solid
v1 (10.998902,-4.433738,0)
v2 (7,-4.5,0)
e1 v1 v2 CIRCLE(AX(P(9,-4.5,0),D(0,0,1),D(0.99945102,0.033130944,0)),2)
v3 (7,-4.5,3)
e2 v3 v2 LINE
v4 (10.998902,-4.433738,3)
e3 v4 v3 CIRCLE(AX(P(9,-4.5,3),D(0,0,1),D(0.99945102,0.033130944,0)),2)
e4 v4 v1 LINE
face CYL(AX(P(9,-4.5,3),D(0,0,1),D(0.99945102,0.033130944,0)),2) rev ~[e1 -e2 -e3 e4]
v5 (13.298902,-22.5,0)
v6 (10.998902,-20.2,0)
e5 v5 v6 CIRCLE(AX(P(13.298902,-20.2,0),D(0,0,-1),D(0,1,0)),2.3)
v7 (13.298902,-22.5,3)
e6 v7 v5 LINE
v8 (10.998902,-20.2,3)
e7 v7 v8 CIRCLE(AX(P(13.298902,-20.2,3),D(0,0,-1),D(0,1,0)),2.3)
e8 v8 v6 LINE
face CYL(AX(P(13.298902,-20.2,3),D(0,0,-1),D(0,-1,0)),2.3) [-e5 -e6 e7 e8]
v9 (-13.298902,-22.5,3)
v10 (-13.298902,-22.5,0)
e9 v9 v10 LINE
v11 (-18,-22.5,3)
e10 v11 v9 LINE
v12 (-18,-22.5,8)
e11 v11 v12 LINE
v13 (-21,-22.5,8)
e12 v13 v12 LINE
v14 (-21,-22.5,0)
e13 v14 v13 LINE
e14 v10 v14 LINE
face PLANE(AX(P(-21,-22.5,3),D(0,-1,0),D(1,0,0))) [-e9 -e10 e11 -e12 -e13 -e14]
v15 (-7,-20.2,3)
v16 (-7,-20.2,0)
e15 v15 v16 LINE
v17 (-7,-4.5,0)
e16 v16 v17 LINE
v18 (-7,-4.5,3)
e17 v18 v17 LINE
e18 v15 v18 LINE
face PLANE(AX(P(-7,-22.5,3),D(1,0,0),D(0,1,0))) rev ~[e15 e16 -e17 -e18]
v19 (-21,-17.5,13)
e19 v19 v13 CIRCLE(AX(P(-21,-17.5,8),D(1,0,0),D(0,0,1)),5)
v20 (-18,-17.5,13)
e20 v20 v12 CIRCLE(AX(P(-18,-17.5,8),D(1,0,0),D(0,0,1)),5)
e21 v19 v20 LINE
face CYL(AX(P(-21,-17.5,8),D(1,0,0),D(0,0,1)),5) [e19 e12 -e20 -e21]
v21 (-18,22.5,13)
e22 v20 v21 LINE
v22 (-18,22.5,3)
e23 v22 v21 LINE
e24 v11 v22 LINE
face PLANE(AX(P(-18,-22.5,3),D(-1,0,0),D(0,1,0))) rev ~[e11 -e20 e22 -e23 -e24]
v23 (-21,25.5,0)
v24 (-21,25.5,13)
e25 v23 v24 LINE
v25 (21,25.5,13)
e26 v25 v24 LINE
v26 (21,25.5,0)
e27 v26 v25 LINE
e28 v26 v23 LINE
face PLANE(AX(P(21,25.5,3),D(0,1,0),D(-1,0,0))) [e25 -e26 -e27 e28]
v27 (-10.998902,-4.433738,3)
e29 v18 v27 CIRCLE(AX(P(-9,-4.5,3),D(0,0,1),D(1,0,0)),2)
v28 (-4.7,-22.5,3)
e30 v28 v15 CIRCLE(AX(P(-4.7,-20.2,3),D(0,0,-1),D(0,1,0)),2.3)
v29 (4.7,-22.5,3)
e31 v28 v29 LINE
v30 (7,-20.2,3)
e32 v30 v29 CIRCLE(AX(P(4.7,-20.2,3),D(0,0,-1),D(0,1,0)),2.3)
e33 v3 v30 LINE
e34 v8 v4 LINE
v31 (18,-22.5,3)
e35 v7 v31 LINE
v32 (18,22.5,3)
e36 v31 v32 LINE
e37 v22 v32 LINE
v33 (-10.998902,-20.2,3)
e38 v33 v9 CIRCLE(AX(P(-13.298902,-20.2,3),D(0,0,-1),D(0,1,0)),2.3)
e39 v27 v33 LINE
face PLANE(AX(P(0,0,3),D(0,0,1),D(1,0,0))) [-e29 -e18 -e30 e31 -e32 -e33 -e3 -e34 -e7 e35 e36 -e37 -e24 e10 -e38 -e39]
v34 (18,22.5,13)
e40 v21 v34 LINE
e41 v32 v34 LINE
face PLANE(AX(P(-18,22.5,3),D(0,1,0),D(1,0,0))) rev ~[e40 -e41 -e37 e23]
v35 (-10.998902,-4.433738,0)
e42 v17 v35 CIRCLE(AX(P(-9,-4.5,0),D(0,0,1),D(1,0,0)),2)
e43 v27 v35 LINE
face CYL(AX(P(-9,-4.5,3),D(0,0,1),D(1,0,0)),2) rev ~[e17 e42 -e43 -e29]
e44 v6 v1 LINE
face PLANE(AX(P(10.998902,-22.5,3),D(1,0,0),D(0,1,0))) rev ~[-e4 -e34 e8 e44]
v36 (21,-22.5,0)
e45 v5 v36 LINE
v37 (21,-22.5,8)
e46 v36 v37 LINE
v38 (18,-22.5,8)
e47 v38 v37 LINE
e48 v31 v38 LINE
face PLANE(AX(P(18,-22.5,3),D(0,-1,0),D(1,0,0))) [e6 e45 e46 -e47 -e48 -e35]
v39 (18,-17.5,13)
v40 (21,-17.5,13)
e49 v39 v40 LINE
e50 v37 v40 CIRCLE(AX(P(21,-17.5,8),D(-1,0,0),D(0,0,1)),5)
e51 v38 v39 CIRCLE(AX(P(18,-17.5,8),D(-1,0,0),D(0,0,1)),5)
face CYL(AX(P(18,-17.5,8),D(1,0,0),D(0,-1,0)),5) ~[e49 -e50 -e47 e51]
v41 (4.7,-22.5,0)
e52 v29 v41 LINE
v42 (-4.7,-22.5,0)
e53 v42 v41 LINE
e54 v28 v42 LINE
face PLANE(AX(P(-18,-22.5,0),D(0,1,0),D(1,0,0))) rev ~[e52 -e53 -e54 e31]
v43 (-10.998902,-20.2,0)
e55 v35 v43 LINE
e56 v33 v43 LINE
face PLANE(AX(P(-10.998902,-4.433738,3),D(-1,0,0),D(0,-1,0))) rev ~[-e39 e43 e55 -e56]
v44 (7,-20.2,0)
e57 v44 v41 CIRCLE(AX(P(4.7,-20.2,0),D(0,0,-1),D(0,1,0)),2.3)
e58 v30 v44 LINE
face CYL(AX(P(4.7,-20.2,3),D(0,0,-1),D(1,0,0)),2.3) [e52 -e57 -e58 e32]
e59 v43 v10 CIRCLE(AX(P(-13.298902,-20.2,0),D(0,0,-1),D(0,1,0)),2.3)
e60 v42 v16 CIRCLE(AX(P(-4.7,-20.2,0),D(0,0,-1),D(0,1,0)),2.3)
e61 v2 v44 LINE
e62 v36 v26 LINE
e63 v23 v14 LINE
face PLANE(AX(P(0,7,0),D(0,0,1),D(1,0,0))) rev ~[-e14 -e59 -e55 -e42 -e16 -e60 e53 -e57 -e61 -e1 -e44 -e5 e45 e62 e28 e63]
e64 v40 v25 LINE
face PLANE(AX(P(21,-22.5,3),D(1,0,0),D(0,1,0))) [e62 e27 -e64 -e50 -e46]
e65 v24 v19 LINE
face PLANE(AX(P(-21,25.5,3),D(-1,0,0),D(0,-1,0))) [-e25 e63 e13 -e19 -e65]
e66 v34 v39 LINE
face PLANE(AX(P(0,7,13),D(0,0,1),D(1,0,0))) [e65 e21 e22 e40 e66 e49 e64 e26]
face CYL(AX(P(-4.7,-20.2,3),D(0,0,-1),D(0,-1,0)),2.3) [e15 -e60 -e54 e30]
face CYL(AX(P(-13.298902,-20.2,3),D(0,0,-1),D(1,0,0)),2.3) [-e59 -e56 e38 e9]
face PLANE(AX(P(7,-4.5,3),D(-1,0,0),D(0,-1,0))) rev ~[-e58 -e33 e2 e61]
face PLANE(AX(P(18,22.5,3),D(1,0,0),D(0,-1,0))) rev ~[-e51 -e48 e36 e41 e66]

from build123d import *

# Parameters (mm, degrees)
F0_W          = 36
F0_H          = 45
F1_DEPTH      = 3
F3_DEPTH      = 3
F5_DEPTH      = 10
F5_DEPTH_BACK = 3
F6_R          = 2.3
F7_R          = 5


with BuildPart() as f1:
    # F0 (on Top) → F1 (new body)
    with BuildSketch(Plane.XY):
        Rectangle(F0_W, F0_H)
    extrude(amount=F1_DEPTH)

    # F2 (on face) → F3 (cut)
    with BuildSketch(Plane.XY.offset(3)):
        with BuildLine():
            Line((-7, -22.5), (-7, -4.5))
            ThreePointArc((-7, -4.5), (-8.9668645083, -2.500274509), (-10.9989020392, -4.4337381126))
            Line((-10.9989020392, -4.4337381126), (-10.9989020392, -4.5662618874))
            Line((-10.9989020392, -4.5662618874), (-10.9989020392, -22.5))
            Line((-10.9989020392, -22.5), (-7, -22.5))
        make_face()
        with BuildLine():
            Line((7, -4.5), (7, -22.5))
            Line((7, -22.5), (10.9989020392, -22.5))
            Line((10.9989020392, -22.5), (10.9989020392, -4.5662618874))
            Line((10.9989020392, -4.5662618874), (10.9989020392, -4.4337381126))
            ThreePointArc((10.9989020392, -4.4337381126), (8.9668645083, -2.500274509), (7, -4.5))
        make_face()
    extrude(amount=-F3_DEPTH, mode=Mode.SUBTRACT)

    # F4 (on face) → F5 (join, two sides)
    with BuildSketch(Plane.XY.offset(3)) as f5_sk:
        Polygon((18, -22.5), (20.9999997169, -22.5), (20.9999997169, 25.4999997169), (-20.9999997169, 25.4999997169), (-20.9999997169, -22.5), (-18, -22.5), (-18, 22.5), (18, 22.5), align=None)
    extrude(amount=F5_DEPTH)
    extrude(f5_sk.sketch, amount=-F5_DEPTH_BACK)

    # F6
    f6_edges = [f1.edges().sort_by_distance(p)[0] for p in [
        (-10.998902, -22.5, 1.5),
        (-7, -22.5, 1.5),
        (7, -22.5, 1.5),
        (10.998902, -22.5, 1.5),
    ]]
    fillet(f6_edges, radius=F6_R)

    # F7
    f7_edges = [f1.edges().sort_by_distance(p)[0] for p in [
        (-19.5, -22.5, 13),
        (19.5, -22.5, 13),
    ]]
    fillet(f7_edges, radius=F7_R)


solid = f1.part
